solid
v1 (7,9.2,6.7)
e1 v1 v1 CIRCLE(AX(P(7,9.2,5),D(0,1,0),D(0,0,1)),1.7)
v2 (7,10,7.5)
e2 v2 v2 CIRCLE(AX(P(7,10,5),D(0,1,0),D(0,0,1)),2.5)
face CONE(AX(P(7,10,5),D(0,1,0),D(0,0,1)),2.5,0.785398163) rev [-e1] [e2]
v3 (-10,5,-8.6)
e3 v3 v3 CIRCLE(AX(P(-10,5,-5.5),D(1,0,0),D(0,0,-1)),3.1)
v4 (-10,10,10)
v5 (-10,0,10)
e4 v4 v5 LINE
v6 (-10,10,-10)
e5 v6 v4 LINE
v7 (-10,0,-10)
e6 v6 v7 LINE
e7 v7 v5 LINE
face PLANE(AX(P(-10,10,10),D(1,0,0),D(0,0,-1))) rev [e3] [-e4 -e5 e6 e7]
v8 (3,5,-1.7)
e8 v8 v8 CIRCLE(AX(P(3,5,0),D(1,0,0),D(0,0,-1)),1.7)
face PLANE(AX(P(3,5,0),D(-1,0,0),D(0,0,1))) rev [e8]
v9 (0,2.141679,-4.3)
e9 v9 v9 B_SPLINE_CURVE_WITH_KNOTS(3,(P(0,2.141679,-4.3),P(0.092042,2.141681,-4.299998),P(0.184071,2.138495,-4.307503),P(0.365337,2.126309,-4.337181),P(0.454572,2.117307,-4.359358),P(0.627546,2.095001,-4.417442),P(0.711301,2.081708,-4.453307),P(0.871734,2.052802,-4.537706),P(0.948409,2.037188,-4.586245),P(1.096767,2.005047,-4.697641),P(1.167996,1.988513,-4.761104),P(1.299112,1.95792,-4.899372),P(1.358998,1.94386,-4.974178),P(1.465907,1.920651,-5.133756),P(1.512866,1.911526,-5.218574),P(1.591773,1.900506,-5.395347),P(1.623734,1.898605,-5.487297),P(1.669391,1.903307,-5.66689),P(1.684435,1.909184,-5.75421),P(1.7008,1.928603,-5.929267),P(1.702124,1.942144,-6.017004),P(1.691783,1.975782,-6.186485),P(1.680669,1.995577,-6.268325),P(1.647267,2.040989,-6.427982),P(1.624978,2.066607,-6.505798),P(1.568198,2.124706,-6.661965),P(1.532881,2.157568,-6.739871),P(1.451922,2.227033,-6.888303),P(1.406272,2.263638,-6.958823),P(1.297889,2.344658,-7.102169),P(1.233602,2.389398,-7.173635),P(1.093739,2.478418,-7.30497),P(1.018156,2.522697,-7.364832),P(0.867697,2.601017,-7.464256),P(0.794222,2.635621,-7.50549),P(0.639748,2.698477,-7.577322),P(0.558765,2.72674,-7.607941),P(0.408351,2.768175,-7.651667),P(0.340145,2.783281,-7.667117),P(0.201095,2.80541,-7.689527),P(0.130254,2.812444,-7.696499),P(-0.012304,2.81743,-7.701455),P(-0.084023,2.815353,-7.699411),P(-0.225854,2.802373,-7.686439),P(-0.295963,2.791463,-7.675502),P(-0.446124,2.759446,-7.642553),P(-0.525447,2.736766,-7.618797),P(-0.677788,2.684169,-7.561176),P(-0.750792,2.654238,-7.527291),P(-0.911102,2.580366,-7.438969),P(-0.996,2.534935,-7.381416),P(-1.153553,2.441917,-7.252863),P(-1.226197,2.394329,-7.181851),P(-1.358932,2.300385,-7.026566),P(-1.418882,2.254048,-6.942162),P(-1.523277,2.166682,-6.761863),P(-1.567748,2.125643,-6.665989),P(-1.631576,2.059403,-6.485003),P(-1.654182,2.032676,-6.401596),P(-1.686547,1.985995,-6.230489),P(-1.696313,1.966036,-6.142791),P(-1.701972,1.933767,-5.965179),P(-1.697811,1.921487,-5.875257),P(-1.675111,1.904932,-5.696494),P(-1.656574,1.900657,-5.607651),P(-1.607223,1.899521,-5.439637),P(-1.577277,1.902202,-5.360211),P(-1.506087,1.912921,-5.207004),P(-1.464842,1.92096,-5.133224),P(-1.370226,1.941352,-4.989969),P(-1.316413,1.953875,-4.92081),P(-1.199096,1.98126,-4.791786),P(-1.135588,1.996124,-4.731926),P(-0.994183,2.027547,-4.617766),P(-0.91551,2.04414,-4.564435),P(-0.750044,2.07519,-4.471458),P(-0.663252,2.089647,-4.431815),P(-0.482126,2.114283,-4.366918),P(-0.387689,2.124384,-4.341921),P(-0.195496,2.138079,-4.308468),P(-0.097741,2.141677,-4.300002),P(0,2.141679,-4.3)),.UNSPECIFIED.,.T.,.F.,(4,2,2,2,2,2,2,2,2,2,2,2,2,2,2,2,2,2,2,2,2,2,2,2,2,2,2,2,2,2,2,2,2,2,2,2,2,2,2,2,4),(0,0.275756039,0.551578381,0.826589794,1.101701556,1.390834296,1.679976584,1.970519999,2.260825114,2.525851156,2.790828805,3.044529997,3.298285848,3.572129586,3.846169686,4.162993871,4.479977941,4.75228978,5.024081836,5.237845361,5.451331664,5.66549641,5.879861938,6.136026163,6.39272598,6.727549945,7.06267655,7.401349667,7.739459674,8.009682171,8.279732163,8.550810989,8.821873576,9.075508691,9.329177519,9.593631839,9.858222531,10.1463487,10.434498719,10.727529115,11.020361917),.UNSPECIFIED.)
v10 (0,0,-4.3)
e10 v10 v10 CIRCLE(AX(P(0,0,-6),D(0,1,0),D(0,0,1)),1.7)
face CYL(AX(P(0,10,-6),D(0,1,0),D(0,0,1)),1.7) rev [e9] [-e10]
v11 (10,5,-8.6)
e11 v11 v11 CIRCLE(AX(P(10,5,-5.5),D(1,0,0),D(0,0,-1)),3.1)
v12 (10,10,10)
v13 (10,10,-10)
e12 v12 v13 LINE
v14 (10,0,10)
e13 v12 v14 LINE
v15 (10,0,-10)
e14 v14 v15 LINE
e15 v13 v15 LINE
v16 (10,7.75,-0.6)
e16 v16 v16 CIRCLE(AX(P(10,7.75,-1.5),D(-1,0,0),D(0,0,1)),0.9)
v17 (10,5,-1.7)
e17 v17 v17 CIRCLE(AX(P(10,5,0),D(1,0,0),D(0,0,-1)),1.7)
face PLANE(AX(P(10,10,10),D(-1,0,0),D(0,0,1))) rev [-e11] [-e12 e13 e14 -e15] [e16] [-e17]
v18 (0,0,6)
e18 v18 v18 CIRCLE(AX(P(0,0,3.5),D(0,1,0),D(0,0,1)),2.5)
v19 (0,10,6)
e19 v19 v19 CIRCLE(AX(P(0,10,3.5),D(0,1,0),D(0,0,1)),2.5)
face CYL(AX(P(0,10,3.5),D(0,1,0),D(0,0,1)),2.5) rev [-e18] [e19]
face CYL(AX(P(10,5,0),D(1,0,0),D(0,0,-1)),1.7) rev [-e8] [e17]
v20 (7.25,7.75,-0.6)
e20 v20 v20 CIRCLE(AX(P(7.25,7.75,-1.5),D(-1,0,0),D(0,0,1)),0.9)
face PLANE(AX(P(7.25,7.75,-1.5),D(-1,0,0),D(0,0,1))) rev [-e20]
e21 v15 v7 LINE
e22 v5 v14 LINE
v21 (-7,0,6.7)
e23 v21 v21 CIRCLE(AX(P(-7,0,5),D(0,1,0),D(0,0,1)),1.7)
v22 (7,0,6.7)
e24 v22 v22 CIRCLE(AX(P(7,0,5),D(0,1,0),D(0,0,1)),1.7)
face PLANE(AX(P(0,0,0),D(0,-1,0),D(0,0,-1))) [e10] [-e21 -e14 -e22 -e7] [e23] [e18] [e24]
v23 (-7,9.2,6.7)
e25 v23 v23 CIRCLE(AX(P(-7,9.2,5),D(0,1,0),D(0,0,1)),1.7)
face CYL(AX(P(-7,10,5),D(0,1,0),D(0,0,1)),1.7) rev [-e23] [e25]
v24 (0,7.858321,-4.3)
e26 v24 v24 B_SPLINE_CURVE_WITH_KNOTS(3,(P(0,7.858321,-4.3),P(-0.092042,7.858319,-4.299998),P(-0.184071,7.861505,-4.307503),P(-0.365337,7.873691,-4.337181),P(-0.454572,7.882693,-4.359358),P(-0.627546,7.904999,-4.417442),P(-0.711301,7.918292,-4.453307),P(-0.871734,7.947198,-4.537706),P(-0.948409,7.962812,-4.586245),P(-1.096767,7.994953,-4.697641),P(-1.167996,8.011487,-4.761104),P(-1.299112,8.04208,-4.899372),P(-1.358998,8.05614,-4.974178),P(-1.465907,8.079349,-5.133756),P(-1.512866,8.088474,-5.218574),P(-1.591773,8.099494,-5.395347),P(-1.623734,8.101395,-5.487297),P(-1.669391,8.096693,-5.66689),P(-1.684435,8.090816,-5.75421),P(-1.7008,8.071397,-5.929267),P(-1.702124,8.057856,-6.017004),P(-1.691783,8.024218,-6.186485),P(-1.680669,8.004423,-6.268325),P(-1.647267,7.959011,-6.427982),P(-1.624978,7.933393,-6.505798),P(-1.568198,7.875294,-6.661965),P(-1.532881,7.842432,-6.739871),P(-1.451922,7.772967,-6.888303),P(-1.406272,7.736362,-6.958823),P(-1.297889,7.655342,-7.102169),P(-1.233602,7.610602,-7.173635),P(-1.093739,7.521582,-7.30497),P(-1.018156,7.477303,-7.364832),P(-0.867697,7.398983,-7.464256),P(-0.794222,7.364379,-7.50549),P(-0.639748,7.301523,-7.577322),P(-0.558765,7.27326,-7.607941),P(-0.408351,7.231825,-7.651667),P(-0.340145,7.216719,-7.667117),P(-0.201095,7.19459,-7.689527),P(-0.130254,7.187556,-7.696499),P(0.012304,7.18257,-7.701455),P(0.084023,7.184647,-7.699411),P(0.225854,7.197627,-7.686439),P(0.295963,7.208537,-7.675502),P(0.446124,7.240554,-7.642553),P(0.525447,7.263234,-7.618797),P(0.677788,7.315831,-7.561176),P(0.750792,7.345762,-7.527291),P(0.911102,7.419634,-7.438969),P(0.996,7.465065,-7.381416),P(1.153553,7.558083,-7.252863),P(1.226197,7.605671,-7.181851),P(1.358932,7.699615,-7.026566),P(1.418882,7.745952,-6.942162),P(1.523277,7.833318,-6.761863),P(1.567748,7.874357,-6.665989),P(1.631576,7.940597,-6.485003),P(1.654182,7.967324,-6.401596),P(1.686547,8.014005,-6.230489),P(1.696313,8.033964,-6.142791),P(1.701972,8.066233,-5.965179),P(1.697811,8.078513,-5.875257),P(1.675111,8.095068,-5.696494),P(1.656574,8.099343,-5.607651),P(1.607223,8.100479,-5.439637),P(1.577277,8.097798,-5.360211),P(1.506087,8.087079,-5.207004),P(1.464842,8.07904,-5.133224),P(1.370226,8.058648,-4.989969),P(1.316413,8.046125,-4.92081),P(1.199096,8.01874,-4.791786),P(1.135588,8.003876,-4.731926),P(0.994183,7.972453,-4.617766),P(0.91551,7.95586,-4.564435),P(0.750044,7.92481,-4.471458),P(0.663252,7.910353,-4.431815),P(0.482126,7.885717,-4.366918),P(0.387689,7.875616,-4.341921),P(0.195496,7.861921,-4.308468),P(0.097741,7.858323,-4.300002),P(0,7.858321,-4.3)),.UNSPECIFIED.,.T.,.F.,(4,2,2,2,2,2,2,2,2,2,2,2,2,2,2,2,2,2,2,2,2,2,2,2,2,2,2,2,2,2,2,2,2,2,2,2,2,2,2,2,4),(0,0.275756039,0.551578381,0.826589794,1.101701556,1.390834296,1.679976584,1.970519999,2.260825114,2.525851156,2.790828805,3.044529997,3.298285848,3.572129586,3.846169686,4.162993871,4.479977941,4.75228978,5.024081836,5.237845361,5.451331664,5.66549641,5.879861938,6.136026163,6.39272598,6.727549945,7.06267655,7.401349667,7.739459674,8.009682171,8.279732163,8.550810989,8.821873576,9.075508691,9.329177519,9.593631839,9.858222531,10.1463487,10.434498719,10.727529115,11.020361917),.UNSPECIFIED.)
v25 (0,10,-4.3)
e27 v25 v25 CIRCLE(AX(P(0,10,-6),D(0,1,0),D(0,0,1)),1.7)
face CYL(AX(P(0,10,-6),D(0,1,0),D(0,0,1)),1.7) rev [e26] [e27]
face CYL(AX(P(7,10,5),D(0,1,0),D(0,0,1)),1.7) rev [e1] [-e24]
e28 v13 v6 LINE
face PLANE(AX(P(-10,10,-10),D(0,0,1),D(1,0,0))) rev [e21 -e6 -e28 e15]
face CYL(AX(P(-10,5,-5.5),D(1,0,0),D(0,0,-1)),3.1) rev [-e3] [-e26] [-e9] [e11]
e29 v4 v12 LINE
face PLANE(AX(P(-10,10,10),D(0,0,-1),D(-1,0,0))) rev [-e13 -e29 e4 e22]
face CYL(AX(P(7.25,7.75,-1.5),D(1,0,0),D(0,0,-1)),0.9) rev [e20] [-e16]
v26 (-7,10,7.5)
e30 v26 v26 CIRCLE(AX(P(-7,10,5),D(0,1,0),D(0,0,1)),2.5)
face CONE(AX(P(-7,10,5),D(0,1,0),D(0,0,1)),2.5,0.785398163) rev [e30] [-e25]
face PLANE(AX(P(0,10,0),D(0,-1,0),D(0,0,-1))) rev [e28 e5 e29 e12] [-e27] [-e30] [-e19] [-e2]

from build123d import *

# Parameters (mm, degrees)
CROQUIS1_W                                           = 20
CROQUIS1_H                                           = 20
SALIENTE_EXTRUIR1_DEPTH                              = 10
PERFORADOR_PARA_ROSCAR_PARA_MACHO_DE_ROS_D           = 5
REFRENTADO_PARA_TORNILLO_TAP_N_CON_CABEZ_D           = 3.4
REFRENTADO_PARA_TORNILLO_TAP_N_CON_CABEZ_CSINK_D     = 5
REFRENTADO_PARA_TORNILLO_TAP_N_CON_CABEZ_CSINK_ANGLE = 90
TALADRO_DE_MARGEN_PARA_M31_D                         = 3.4
CROQUIS17_R                                          = 3.1
CORTAR_EXTRUIR1_DEPTH                                = 20
TALADRO_DE_MARGEN_PARA_M32_D                         = 3.4
TALADRO_DE_MARGEN_PARA_M32_DEPTH                     = 7
CROQUIS21_R                                          = 0.9
CORTAR_EXTRUIR2_DEPTH                                = 2.75


with BuildPart() as part:
    # Croquis1 → Saliente-Extruir1 (new body)
    with BuildSketch(Plane(origin=(0, 0, 0), x_dir=(1, 0, 0), z_dir=(0, 1, 0))):
        Rectangle(CROQUIS1_W, CROQUIS1_H)
    extrude(amount=SALIENTE_EXTRUIR1_DEPTH)

    # Perforador para roscar para macho de roscar para M6x1.01 (through all)
    with Locations(Plane(origin=(0, 10, 0), x_dir=(1, 0, 0), z_dir=(0, 1, 0))):
        with Locations((0, -3.5)):
            Hole(PERFORADOR_PARA_ROSCAR_PARA_MACHO_DE_ROS_D / 2)

    # Refrentado para tornillo tapón con cabeza plana de clavija de M31 (through all)
    with Locations(Plane(origin=(0, 10, 0), x_dir=(1, 0, 0), z_dir=(0, 1, 0))):
        with Locations((-7, -5), (7, -5)):
            CounterSinkHole(REFRENTADO_PARA_TORNILLO_TAP_N_CON_CABEZ_D / 2, REFRENTADO_PARA_TORNILLO_TAP_N_CON_CABEZ_CSINK_D / 2, counter_sink_angle=REFRENTADO_PARA_TORNILLO_TAP_N_CON_CABEZ_CSINK_ANGLE)

    # Taladro de margen para M31 (through all)
    with Locations(Plane(origin=(0, 10, 0), x_dir=(1, 0, 0), z_dir=(0, 1, 0))):
        with Locations((0, 6)):
            Hole(TALADRO_DE_MARGEN_PARA_M31_D / 2)

    # Croquis17 → Cortar-Extruir1 (cut)
    with BuildSketch(Plane(origin=(10, 0, 0), x_dir=(0, 0, -1), z_dir=(1, 0, 0))):
        with Locations((5.5, 5)):
            Circle(CROQUIS17_R)
    extrude(amount=-CORTAR_EXTRUIR1_DEPTH, mode=Mode.SUBTRACT)

    # Taladro de margen para M32
    with Locations(Plane(origin=(10, 0, 0), x_dir=(0, 0, 1), z_dir=(1, 0, 0))):
        with Locations((0, -5)):
            Hole(TALADRO_DE_MARGEN_PARA_M32_D / 2, depth=TALADRO_DE_MARGEN_PARA_M32_DEPTH)

    # Croquis21 → Cortar-Extruir2 (cut)
    with BuildSketch(Plane.ZY.offset(-10)):
        with Locations((-1.5, 7.75)):
            Circle(CROQUIS21_R)
    extrude(amount=CORTAR_EXTRUIR2_DEPTH, mode=Mode.SUBTRACT)


solid = part.part
